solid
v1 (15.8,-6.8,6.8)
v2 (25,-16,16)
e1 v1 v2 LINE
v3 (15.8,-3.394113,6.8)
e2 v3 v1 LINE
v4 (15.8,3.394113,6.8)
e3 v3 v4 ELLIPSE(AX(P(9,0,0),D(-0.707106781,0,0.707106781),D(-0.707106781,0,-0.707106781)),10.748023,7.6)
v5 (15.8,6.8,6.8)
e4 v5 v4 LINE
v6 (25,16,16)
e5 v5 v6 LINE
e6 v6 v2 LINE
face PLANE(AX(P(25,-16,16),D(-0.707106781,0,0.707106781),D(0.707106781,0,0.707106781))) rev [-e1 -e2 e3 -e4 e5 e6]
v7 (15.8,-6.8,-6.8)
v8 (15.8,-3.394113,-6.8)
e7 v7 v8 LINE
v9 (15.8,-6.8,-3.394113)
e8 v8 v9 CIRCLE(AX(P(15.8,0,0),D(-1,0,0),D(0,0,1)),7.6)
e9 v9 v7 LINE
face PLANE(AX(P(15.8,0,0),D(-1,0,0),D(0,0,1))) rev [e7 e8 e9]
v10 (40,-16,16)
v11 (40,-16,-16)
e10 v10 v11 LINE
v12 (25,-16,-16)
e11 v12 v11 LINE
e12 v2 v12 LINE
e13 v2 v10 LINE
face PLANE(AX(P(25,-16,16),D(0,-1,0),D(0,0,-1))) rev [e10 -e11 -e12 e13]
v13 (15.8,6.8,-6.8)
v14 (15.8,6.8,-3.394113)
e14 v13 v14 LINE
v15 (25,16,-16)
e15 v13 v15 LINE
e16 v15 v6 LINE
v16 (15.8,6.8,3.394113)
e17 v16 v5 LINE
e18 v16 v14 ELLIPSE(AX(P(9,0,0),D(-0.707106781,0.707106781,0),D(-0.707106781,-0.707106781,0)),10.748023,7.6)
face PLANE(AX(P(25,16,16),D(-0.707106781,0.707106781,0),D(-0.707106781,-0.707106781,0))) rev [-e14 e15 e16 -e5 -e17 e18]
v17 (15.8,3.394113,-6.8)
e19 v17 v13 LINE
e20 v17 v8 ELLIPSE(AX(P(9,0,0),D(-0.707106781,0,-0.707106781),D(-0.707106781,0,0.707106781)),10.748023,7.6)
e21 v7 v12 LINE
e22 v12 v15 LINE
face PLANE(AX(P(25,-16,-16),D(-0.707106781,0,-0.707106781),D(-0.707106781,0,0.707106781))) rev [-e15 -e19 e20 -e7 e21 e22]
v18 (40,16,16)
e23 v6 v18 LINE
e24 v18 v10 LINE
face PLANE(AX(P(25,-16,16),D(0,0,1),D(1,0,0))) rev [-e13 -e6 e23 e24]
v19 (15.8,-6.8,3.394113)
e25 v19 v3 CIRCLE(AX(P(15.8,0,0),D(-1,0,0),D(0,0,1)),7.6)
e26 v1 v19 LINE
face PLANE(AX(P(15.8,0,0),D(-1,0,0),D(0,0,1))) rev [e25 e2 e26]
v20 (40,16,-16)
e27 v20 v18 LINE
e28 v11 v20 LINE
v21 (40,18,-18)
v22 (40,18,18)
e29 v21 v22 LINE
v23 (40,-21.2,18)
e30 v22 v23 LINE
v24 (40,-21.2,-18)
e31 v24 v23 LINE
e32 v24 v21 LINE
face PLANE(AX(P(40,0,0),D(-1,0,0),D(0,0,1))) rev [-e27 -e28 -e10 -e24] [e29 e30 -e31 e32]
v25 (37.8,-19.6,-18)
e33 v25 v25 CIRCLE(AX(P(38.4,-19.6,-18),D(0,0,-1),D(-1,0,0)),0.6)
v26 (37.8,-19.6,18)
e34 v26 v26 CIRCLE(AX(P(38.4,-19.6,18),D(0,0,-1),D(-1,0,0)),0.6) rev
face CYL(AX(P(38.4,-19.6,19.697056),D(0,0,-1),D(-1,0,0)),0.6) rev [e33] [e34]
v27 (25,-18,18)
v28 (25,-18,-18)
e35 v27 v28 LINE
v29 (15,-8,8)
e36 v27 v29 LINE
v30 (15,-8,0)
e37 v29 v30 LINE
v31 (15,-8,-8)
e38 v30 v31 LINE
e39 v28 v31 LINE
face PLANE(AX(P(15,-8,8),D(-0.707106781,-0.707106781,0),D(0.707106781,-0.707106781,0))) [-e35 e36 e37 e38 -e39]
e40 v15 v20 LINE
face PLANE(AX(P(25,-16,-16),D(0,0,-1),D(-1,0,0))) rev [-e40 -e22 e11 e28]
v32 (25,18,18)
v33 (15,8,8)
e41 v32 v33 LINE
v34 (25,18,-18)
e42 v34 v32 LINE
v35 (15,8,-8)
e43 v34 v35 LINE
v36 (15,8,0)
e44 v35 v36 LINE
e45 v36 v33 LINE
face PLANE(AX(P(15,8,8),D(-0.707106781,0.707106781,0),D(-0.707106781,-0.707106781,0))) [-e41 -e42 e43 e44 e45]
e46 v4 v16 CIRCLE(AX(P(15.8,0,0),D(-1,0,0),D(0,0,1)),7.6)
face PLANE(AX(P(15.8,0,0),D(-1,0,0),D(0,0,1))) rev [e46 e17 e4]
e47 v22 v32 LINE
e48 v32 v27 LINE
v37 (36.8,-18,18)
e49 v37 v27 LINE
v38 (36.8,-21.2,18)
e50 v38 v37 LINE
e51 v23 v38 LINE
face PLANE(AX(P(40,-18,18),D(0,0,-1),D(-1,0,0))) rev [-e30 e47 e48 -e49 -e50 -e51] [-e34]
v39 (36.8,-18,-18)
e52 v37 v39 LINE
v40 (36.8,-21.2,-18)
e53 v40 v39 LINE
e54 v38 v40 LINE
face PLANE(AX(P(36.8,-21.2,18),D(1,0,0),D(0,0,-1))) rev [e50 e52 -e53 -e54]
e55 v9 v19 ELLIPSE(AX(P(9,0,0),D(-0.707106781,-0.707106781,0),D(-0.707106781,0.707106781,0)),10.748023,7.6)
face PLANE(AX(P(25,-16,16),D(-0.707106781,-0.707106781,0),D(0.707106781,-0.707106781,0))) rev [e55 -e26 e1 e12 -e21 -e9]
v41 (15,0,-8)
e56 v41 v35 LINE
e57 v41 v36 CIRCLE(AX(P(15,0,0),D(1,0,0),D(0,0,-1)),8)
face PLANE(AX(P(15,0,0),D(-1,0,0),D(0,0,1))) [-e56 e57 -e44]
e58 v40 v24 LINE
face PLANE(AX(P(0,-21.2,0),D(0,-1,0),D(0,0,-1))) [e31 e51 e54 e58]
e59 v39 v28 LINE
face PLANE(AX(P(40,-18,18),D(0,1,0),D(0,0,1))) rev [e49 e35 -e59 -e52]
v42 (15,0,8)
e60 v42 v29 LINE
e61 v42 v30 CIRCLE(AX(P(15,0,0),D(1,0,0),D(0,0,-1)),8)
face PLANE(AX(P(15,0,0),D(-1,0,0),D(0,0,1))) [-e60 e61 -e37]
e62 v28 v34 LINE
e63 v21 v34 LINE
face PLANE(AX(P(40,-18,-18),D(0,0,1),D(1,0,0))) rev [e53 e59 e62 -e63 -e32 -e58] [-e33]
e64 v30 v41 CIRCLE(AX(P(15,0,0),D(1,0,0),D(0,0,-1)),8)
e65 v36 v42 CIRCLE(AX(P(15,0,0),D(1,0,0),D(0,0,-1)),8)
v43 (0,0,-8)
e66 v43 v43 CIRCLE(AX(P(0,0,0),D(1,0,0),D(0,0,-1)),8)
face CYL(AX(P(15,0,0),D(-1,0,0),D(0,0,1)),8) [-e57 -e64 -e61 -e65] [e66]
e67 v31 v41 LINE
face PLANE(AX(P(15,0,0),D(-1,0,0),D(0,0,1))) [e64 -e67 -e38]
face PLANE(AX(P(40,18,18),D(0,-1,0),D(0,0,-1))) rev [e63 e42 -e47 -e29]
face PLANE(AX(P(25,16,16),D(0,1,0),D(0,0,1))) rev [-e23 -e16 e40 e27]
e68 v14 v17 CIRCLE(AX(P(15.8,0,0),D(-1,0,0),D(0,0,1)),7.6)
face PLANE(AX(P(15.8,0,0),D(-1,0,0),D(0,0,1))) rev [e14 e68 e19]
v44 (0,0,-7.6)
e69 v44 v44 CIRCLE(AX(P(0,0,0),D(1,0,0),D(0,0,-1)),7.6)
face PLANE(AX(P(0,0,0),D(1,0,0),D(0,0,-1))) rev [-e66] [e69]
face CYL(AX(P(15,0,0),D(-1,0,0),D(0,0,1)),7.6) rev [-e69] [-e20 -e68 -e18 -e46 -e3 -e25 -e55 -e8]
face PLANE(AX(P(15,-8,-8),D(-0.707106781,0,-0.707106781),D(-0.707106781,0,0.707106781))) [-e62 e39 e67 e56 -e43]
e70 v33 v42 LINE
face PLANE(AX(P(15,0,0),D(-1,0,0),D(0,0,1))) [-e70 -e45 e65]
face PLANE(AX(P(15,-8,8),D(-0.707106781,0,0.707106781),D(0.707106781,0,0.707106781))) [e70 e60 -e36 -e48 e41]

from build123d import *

# Parameters (mm, degrees)
SKETCH_1_R          = 8
SKETCH_1_R_2        = 7.6
EXTRUDE_1_DEPTH     = 15
SKETCH_4_W          = 16
SKETCH_4_H          = 16
EXTRUDE_3_DEPTH     = 10
EXTRUDE_3_TAPER     = -45
SKETCH_6_W          = 36
SKETCH_6_H          = 36
EXTRUDE_5_DEPTH     = 15
SKETCH_7_W          = 32
SKETCH_7_H          = 32
CUT_EXTRUDE_3_DEPTH = 15
SKETCH_8_W          = 32
SKETCH_8_H          = 32
CUT_EXTRUDE_6_DEPTH = 9.2
CUT_EXTRUDE_6_DRAFT = -45
SKETCH_9_R          = 7.6
CUT_EXTRUDE_7_DEPTH = 40
SKETCH_10_W         = 3.2
SKETCH_10_H         = 36
EXTRUDE_7_DEPTH     = 3.2
SKETCH_11_R         = 0.6
CUT_EXTRUDE_8_DEPTH = 36


with BuildPart() as part:
    # Эскиз1 → Бобышка-Вытянуть1 (new body)
    with BuildSketch(Plane(origin=(0, 0, 0), x_dir=(0, 0, -1), z_dir=(1, 0, 0))):
        Circle(SKETCH_1_R)
        Circle(SKETCH_1_R_2, mode=Mode.SUBTRACT)
    extrude(amount=EXTRUDE_1_DEPTH)

    # Эскиз4 → Бобышка-Вытянуть3 (add)
    with BuildSketch(Plane(origin=(15, 0, 0), x_dir=(0, 0, -1), z_dir=(1, 0, 0))):
        Rectangle(SKETCH_4_W, SKETCH_4_H)
    extrude(amount=EXTRUDE_3_DEPTH, taper=EXTRUDE_3_TAPER)

    # Эскиз6 → Бобышка-Вытянуть5 (add)
    with BuildSketch(Plane(origin=(25, 0, 0), x_dir=(0, 0, -1), z_dir=(1, 0, 0))):
        Rectangle(SKETCH_6_W, SKETCH_6_H)
    extrude(amount=EXTRUDE_5_DEPTH)

    # Эскиз7 → Вырез-Вытянуть3 (cut)
    with BuildSketch(Plane(origin=(40, 0, 0), x_dir=(0, 0, -1), z_dir=(1, 0, 0))):
        Rectangle(SKETCH_7_W, SKETCH_7_H)
    extrude(amount=-CUT_EXTRUDE_3_DEPTH, mode=Mode.SUBTRACT)


with BuildPart() as cut_extrude_6_tool:
    # Эскиз8 → Вырез-Вытянуть6 (with draft: the straight prism first)
    with BuildSketch(Plane(origin=(25, 0, 0), x_dir=(0, 0, -1), z_dir=(1, 0, 0))):
        Rectangle(SKETCH_8_W, SKETCH_8_H)
    extrude(amount=-CUT_EXTRUDE_6_DEPTH)
    # Вырез-Вытянуть6: the draft: its side faces are tilted about the plane it starts from
    cut_extrude_6_sides = [cut_extrude_6_tool.faces().sort_by_distance(p)[0] for p in [
        (20.4, -16, 0),
        (20.4, 0, -16),
        (20.4, 16, 0),
        (20.4, 0, 16),
    ]]
    draft(cut_extrude_6_sides, Plane(origin=(25, 0, 0), x_dir=(0, 0, -1), z_dir=(1, 0, 0)), CUT_EXTRUDE_6_DRAFT)


with BuildPart() as part_1:
    add(part.part)

    # Вырез-Вытянуть6: cut by cut_extrude_6_tool
    add(cut_extrude_6_tool.part, mode=Mode.SUBTRACT)

    # Эскиз9 → Вырез-Вытянуть7 (cut)
    with BuildSketch(Plane.ZY):
        with Locations(Location((0, 0, 0), (0, 0, 26.525352017))):
            Circle(SKETCH_9_R)
    extrude(amount=-CUT_EXTRUDE_7_DEPTH, mode=Mode.SUBTRACT)

    # Эскиз10 → Бобышка-Вытянуть7 (add)
    with BuildSketch(Plane.XZ.offset(18)):
        with Locations((38.4, 0)):
            Rectangle(SKETCH_10_W, SKETCH_10_H)
    extrude(amount=EXTRUDE_7_DEPTH)

    # Эскиз11 → Вырез-Вытянуть8 (cut)
    with BuildSketch(Plane(origin=(0, 0, -18), x_dir=(-1, 0, 0), z_dir=(0, 0, -1))):
        with Locations((-38.4, -19.6)):
            Circle(SKETCH_11_R)
    extrude(amount=-CUT_EXTRUDE_8_DEPTH, mode=Mode.SUBTRACT)


solid = part_1.part
